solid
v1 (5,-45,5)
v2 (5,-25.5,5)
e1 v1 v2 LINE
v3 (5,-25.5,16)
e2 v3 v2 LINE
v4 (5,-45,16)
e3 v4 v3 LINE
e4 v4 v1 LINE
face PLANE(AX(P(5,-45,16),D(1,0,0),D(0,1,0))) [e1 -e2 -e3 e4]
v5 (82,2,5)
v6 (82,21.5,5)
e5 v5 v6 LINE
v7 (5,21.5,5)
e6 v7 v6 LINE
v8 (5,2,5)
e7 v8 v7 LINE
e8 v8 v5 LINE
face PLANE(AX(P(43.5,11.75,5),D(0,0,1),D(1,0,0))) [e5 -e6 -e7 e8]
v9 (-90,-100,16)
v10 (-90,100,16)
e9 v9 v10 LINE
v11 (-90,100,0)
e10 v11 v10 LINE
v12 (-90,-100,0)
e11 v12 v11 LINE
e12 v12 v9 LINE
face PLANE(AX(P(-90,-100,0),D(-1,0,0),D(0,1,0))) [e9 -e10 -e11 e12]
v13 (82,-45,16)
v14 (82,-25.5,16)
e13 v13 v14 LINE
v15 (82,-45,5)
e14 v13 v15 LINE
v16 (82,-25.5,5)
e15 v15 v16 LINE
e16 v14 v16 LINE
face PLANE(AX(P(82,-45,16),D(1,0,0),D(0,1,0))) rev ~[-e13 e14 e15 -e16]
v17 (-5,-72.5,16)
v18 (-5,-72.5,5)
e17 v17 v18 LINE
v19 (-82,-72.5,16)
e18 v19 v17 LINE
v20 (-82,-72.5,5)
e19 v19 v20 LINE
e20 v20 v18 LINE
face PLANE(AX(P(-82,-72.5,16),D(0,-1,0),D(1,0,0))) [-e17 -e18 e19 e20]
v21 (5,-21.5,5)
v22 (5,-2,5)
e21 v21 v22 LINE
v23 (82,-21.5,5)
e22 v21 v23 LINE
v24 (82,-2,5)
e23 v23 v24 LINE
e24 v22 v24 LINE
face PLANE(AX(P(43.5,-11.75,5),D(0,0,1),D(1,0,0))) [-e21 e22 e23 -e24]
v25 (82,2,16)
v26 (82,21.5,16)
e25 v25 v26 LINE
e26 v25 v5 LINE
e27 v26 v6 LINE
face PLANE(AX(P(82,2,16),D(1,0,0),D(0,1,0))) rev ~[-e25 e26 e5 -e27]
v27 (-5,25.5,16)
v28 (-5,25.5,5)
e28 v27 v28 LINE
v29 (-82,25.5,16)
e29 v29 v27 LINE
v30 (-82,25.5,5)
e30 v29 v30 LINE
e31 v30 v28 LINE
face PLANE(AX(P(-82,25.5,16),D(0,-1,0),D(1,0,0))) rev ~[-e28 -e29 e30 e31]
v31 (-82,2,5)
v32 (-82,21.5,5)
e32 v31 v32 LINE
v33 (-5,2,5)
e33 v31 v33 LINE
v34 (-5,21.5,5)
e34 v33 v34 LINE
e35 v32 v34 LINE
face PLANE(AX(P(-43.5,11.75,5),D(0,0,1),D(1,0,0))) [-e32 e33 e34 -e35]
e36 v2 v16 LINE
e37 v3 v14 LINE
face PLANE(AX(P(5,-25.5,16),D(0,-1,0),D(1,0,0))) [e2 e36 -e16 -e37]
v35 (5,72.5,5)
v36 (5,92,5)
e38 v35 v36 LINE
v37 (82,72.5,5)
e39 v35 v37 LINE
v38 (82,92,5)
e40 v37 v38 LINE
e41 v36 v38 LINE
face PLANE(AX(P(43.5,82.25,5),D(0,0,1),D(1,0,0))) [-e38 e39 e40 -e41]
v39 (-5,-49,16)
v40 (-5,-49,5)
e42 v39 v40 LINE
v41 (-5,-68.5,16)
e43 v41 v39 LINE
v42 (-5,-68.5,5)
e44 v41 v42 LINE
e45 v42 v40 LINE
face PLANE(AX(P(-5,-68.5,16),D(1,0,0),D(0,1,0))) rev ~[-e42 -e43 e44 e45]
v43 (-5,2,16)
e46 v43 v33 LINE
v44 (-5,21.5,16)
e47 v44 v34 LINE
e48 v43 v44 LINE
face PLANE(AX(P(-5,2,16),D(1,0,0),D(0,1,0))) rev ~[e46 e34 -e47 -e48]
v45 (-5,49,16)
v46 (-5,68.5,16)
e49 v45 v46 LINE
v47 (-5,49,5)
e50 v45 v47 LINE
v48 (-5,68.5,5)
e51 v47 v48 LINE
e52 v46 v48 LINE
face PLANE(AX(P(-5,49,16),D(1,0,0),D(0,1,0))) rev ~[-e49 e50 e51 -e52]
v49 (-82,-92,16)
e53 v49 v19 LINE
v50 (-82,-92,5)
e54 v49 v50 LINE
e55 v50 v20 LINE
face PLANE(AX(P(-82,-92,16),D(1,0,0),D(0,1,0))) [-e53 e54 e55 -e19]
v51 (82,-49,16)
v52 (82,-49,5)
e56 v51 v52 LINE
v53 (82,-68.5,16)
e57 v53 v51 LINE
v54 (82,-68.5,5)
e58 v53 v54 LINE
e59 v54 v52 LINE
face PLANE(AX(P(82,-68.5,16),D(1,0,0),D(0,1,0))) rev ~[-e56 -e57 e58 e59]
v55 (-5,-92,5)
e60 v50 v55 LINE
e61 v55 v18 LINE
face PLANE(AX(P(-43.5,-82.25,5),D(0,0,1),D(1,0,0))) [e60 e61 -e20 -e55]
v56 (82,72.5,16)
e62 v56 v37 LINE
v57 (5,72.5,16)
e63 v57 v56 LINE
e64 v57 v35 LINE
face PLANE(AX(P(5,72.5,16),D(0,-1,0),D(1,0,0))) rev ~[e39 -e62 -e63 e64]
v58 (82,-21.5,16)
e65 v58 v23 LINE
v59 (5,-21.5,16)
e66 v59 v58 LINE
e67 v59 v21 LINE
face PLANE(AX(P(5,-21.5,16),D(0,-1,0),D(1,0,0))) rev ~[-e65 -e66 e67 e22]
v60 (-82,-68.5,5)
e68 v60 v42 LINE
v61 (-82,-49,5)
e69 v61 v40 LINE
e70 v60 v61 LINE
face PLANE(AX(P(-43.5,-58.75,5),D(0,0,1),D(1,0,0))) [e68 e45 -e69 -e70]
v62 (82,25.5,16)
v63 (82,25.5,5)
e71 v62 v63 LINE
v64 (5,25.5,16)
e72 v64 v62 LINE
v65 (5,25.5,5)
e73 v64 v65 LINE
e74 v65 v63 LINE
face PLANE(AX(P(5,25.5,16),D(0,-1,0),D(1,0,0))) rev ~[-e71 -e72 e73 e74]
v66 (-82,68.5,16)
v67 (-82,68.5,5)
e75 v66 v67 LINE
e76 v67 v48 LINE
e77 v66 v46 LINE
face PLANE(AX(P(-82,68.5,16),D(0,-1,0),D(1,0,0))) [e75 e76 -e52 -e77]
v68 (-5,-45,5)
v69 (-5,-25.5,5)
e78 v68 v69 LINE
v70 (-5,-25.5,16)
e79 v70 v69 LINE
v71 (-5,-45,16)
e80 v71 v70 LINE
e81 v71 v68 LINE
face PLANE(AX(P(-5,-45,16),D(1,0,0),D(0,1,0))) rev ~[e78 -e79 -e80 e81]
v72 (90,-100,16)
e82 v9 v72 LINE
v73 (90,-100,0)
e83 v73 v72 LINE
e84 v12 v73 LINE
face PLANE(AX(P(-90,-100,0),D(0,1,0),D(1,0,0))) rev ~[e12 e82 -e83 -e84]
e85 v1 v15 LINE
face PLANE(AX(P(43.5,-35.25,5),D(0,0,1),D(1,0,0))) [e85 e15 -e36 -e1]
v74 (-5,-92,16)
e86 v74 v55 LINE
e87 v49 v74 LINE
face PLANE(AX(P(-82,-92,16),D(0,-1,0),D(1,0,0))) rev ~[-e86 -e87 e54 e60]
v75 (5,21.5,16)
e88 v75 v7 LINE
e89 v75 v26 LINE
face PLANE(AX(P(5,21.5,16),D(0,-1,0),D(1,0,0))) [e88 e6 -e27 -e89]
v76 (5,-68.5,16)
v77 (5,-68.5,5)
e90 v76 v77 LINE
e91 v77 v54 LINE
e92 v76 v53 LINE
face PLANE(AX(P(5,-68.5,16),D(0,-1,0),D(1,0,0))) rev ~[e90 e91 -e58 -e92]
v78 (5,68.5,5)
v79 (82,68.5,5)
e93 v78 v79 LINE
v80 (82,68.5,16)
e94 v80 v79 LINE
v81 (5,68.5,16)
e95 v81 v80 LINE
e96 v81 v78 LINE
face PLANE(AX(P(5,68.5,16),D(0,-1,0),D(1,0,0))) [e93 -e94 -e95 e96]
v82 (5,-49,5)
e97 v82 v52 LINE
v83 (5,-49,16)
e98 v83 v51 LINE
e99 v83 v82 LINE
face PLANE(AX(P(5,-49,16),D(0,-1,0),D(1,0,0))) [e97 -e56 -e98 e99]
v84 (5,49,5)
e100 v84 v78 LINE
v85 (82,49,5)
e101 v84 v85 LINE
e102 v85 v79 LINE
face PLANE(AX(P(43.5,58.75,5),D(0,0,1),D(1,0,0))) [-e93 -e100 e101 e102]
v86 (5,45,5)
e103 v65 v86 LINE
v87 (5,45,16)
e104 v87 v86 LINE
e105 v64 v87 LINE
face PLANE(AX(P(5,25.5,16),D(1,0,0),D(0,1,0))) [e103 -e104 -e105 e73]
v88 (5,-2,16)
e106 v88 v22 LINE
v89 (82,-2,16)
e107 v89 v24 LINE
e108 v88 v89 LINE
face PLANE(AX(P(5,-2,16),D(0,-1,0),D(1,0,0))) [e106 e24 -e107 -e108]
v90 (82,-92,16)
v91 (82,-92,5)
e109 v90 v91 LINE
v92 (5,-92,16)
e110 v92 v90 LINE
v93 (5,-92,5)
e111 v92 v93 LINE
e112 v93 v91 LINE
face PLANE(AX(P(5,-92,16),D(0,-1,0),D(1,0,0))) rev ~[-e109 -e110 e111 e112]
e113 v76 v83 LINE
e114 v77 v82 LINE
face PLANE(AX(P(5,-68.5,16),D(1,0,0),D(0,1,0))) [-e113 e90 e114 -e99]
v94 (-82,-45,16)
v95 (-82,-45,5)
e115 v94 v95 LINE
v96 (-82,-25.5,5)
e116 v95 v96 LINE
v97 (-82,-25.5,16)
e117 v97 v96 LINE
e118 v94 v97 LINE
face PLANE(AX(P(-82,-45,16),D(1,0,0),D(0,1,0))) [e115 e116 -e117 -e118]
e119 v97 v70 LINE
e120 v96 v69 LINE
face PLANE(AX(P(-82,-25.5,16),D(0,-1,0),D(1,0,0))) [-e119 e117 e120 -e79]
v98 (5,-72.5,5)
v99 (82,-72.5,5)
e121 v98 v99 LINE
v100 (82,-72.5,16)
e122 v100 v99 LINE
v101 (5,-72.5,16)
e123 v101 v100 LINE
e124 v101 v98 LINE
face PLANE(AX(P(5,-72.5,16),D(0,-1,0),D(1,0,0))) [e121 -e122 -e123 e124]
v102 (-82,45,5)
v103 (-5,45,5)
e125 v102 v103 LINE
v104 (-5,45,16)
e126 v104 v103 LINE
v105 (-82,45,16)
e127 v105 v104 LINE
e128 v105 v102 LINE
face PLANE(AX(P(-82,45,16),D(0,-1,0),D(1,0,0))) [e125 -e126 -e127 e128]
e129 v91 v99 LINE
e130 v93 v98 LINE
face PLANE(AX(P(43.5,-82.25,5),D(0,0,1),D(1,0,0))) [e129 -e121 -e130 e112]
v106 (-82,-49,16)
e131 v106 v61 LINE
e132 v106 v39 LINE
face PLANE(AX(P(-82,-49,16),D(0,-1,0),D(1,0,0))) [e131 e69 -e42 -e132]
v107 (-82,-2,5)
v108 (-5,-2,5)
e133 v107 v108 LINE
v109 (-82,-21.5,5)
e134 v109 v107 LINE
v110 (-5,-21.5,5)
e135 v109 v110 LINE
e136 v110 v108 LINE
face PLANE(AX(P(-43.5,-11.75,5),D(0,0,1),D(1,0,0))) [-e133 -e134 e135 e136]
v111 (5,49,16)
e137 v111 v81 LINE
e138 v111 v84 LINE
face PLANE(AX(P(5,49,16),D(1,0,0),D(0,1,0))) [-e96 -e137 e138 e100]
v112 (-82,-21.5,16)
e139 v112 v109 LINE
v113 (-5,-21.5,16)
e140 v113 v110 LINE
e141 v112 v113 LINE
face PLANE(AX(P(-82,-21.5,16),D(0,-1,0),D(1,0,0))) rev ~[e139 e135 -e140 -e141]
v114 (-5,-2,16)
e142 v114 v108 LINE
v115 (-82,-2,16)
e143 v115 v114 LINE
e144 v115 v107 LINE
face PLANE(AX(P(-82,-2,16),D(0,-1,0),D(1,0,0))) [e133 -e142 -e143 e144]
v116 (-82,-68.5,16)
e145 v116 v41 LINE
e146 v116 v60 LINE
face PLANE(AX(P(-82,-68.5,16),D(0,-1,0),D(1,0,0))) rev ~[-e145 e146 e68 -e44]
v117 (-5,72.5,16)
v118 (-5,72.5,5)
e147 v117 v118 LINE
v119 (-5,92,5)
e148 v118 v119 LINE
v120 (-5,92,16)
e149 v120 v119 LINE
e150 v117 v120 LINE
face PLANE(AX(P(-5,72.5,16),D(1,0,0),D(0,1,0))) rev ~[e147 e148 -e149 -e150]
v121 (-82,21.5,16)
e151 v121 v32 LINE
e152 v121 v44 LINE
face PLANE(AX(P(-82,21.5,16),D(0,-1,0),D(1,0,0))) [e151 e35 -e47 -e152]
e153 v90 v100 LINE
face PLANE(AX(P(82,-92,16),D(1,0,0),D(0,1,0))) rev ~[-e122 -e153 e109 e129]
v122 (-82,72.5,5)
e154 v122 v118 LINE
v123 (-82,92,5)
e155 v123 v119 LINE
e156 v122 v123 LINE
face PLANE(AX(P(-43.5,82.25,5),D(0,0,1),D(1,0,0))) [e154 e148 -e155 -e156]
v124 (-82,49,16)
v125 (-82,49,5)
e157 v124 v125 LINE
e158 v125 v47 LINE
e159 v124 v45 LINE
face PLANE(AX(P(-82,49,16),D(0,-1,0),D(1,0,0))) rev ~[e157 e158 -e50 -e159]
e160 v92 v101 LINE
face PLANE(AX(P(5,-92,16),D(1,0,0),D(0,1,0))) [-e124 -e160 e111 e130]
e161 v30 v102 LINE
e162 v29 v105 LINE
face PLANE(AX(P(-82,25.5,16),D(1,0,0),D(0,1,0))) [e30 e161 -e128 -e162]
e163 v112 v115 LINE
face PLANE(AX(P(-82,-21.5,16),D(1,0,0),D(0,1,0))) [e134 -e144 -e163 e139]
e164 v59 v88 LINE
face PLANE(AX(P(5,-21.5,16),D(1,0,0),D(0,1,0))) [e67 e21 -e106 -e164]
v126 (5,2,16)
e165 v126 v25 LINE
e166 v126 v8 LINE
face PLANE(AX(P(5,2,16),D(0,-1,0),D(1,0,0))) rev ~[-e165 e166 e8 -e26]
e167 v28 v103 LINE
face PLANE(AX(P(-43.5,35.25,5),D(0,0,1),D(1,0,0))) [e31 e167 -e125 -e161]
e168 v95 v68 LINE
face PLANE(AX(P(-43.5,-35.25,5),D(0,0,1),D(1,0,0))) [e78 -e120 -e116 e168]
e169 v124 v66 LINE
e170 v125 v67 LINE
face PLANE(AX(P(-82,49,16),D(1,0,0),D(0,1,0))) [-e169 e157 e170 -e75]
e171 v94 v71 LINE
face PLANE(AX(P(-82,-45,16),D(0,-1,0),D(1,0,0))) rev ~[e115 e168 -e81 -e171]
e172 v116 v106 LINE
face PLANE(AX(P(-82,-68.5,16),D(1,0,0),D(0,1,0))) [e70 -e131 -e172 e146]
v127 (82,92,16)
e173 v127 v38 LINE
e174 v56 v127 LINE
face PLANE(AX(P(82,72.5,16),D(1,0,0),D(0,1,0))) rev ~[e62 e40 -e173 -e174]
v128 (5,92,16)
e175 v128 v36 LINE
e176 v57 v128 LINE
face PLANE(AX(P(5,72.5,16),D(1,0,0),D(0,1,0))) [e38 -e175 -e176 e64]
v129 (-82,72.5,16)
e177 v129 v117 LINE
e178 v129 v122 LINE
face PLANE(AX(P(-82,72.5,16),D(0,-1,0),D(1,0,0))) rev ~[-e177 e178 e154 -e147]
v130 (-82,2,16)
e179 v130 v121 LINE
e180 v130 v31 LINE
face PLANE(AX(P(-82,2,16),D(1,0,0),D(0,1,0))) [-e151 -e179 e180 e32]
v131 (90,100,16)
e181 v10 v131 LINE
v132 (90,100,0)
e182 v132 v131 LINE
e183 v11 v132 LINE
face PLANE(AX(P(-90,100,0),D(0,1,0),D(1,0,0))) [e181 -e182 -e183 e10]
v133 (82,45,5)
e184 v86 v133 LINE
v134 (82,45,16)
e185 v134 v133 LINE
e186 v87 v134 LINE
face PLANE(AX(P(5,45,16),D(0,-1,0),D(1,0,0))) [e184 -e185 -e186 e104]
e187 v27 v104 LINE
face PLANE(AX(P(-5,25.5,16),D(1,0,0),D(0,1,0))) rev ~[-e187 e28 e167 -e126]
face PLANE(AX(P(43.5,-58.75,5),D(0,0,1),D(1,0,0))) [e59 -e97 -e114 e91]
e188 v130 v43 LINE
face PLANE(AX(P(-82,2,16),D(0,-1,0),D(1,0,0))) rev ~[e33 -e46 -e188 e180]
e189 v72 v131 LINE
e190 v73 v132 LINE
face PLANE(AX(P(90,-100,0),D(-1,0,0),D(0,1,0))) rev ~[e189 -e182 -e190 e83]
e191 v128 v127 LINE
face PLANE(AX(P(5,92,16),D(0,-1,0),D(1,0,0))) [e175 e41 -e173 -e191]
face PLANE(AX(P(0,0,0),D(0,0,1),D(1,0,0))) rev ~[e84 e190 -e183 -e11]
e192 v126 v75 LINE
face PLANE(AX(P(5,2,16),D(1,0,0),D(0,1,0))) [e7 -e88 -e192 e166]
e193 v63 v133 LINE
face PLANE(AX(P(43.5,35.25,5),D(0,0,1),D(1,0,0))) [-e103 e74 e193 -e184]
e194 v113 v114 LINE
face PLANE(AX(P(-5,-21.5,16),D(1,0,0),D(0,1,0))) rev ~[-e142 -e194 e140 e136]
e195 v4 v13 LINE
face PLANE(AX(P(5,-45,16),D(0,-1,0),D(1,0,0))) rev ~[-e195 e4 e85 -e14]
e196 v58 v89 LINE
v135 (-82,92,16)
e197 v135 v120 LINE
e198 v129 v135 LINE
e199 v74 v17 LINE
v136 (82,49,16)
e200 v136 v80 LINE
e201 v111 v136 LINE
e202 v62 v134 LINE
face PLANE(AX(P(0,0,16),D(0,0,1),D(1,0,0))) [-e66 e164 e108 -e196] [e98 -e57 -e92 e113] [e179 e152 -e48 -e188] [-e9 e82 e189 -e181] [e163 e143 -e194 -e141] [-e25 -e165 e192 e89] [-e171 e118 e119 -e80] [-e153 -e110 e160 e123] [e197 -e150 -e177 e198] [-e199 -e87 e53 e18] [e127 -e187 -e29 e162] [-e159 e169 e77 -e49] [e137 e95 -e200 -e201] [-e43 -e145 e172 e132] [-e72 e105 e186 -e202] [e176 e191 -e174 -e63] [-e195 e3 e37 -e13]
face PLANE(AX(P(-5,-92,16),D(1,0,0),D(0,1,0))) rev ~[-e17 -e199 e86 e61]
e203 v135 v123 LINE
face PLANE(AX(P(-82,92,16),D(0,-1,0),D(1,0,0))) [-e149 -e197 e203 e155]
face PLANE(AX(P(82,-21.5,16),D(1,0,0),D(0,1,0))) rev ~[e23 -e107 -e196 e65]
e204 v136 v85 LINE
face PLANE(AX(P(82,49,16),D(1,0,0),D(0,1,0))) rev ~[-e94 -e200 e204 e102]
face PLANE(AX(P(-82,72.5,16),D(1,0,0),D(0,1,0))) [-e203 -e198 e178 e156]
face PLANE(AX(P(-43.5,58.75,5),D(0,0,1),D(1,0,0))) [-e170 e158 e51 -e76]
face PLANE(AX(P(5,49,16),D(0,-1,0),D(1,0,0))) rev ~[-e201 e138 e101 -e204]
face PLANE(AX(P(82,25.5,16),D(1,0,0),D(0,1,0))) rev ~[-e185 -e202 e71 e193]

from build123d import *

# Parameters (mm, degrees)
F0_W     = 180
F0_H     = 200
F1_DEPTH = 16
F2_W     = 77
F2_H     = 19.5
F3_DEPTH = 11


with BuildPart() as f1:
    # F0 (on Top) → F1 (new body)
    with BuildSketch(Plane.XY):
        Rectangle(F0_W, F0_H)
    extrude(amount=F1_DEPTH)

    # F2 (on face) → F3 (cut)
    with BuildSketch(Plane.XY.offset(16)):
        with Locations((-43.5, 82.25)):
            Rectangle(F2_W, F2_H)
        with Locations((-43.5, 58.75)):
            Rectangle(F2_W, F2_H)
        with Locations((43.5, 58.75)):
            Rectangle(F2_W, F2_H)
        with Locations((43.5, 82.25)):
            Rectangle(F2_W, F2_H)
        with Locations((43.5, 35.25)):
            Rectangle(F2_W, F2_H)
        with Locations((-43.5, 35.25)):
            Rectangle(F2_W, F2_H)
        with Locations((-43.5, 11.75)):
            Rectangle(F2_W, F2_H)
        with Locations((43.5, 11.75)):
            Rectangle(F2_W, F2_H)
        with Locations((43.5, -11.75)):
            Rectangle(F2_W, F2_H)
        with Locations((-43.5, -11.75)):
            Rectangle(F2_W, F2_H)
        with Locations((-43.5, -35.25)):
            Rectangle(F2_W, F2_H)
        with Locations((43.5, -35.25)):
            Rectangle(F2_W, F2_H)
        with Locations((-43.5, -58.75)):
            Rectangle(F2_W, F2_H)
        with Locations((43.5, -58.75)):
            Rectangle(F2_W, F2_H)
        with Locations((-43.5, -82.25)):
            Rectangle(F2_W, F2_H)
        with Locations((43.5, -82.25)):
            Rectangle(F2_W, F2_H)
    extrude(amount=-F3_DEPTH, mode=Mode.SUBTRACT)


solid = f1.part
